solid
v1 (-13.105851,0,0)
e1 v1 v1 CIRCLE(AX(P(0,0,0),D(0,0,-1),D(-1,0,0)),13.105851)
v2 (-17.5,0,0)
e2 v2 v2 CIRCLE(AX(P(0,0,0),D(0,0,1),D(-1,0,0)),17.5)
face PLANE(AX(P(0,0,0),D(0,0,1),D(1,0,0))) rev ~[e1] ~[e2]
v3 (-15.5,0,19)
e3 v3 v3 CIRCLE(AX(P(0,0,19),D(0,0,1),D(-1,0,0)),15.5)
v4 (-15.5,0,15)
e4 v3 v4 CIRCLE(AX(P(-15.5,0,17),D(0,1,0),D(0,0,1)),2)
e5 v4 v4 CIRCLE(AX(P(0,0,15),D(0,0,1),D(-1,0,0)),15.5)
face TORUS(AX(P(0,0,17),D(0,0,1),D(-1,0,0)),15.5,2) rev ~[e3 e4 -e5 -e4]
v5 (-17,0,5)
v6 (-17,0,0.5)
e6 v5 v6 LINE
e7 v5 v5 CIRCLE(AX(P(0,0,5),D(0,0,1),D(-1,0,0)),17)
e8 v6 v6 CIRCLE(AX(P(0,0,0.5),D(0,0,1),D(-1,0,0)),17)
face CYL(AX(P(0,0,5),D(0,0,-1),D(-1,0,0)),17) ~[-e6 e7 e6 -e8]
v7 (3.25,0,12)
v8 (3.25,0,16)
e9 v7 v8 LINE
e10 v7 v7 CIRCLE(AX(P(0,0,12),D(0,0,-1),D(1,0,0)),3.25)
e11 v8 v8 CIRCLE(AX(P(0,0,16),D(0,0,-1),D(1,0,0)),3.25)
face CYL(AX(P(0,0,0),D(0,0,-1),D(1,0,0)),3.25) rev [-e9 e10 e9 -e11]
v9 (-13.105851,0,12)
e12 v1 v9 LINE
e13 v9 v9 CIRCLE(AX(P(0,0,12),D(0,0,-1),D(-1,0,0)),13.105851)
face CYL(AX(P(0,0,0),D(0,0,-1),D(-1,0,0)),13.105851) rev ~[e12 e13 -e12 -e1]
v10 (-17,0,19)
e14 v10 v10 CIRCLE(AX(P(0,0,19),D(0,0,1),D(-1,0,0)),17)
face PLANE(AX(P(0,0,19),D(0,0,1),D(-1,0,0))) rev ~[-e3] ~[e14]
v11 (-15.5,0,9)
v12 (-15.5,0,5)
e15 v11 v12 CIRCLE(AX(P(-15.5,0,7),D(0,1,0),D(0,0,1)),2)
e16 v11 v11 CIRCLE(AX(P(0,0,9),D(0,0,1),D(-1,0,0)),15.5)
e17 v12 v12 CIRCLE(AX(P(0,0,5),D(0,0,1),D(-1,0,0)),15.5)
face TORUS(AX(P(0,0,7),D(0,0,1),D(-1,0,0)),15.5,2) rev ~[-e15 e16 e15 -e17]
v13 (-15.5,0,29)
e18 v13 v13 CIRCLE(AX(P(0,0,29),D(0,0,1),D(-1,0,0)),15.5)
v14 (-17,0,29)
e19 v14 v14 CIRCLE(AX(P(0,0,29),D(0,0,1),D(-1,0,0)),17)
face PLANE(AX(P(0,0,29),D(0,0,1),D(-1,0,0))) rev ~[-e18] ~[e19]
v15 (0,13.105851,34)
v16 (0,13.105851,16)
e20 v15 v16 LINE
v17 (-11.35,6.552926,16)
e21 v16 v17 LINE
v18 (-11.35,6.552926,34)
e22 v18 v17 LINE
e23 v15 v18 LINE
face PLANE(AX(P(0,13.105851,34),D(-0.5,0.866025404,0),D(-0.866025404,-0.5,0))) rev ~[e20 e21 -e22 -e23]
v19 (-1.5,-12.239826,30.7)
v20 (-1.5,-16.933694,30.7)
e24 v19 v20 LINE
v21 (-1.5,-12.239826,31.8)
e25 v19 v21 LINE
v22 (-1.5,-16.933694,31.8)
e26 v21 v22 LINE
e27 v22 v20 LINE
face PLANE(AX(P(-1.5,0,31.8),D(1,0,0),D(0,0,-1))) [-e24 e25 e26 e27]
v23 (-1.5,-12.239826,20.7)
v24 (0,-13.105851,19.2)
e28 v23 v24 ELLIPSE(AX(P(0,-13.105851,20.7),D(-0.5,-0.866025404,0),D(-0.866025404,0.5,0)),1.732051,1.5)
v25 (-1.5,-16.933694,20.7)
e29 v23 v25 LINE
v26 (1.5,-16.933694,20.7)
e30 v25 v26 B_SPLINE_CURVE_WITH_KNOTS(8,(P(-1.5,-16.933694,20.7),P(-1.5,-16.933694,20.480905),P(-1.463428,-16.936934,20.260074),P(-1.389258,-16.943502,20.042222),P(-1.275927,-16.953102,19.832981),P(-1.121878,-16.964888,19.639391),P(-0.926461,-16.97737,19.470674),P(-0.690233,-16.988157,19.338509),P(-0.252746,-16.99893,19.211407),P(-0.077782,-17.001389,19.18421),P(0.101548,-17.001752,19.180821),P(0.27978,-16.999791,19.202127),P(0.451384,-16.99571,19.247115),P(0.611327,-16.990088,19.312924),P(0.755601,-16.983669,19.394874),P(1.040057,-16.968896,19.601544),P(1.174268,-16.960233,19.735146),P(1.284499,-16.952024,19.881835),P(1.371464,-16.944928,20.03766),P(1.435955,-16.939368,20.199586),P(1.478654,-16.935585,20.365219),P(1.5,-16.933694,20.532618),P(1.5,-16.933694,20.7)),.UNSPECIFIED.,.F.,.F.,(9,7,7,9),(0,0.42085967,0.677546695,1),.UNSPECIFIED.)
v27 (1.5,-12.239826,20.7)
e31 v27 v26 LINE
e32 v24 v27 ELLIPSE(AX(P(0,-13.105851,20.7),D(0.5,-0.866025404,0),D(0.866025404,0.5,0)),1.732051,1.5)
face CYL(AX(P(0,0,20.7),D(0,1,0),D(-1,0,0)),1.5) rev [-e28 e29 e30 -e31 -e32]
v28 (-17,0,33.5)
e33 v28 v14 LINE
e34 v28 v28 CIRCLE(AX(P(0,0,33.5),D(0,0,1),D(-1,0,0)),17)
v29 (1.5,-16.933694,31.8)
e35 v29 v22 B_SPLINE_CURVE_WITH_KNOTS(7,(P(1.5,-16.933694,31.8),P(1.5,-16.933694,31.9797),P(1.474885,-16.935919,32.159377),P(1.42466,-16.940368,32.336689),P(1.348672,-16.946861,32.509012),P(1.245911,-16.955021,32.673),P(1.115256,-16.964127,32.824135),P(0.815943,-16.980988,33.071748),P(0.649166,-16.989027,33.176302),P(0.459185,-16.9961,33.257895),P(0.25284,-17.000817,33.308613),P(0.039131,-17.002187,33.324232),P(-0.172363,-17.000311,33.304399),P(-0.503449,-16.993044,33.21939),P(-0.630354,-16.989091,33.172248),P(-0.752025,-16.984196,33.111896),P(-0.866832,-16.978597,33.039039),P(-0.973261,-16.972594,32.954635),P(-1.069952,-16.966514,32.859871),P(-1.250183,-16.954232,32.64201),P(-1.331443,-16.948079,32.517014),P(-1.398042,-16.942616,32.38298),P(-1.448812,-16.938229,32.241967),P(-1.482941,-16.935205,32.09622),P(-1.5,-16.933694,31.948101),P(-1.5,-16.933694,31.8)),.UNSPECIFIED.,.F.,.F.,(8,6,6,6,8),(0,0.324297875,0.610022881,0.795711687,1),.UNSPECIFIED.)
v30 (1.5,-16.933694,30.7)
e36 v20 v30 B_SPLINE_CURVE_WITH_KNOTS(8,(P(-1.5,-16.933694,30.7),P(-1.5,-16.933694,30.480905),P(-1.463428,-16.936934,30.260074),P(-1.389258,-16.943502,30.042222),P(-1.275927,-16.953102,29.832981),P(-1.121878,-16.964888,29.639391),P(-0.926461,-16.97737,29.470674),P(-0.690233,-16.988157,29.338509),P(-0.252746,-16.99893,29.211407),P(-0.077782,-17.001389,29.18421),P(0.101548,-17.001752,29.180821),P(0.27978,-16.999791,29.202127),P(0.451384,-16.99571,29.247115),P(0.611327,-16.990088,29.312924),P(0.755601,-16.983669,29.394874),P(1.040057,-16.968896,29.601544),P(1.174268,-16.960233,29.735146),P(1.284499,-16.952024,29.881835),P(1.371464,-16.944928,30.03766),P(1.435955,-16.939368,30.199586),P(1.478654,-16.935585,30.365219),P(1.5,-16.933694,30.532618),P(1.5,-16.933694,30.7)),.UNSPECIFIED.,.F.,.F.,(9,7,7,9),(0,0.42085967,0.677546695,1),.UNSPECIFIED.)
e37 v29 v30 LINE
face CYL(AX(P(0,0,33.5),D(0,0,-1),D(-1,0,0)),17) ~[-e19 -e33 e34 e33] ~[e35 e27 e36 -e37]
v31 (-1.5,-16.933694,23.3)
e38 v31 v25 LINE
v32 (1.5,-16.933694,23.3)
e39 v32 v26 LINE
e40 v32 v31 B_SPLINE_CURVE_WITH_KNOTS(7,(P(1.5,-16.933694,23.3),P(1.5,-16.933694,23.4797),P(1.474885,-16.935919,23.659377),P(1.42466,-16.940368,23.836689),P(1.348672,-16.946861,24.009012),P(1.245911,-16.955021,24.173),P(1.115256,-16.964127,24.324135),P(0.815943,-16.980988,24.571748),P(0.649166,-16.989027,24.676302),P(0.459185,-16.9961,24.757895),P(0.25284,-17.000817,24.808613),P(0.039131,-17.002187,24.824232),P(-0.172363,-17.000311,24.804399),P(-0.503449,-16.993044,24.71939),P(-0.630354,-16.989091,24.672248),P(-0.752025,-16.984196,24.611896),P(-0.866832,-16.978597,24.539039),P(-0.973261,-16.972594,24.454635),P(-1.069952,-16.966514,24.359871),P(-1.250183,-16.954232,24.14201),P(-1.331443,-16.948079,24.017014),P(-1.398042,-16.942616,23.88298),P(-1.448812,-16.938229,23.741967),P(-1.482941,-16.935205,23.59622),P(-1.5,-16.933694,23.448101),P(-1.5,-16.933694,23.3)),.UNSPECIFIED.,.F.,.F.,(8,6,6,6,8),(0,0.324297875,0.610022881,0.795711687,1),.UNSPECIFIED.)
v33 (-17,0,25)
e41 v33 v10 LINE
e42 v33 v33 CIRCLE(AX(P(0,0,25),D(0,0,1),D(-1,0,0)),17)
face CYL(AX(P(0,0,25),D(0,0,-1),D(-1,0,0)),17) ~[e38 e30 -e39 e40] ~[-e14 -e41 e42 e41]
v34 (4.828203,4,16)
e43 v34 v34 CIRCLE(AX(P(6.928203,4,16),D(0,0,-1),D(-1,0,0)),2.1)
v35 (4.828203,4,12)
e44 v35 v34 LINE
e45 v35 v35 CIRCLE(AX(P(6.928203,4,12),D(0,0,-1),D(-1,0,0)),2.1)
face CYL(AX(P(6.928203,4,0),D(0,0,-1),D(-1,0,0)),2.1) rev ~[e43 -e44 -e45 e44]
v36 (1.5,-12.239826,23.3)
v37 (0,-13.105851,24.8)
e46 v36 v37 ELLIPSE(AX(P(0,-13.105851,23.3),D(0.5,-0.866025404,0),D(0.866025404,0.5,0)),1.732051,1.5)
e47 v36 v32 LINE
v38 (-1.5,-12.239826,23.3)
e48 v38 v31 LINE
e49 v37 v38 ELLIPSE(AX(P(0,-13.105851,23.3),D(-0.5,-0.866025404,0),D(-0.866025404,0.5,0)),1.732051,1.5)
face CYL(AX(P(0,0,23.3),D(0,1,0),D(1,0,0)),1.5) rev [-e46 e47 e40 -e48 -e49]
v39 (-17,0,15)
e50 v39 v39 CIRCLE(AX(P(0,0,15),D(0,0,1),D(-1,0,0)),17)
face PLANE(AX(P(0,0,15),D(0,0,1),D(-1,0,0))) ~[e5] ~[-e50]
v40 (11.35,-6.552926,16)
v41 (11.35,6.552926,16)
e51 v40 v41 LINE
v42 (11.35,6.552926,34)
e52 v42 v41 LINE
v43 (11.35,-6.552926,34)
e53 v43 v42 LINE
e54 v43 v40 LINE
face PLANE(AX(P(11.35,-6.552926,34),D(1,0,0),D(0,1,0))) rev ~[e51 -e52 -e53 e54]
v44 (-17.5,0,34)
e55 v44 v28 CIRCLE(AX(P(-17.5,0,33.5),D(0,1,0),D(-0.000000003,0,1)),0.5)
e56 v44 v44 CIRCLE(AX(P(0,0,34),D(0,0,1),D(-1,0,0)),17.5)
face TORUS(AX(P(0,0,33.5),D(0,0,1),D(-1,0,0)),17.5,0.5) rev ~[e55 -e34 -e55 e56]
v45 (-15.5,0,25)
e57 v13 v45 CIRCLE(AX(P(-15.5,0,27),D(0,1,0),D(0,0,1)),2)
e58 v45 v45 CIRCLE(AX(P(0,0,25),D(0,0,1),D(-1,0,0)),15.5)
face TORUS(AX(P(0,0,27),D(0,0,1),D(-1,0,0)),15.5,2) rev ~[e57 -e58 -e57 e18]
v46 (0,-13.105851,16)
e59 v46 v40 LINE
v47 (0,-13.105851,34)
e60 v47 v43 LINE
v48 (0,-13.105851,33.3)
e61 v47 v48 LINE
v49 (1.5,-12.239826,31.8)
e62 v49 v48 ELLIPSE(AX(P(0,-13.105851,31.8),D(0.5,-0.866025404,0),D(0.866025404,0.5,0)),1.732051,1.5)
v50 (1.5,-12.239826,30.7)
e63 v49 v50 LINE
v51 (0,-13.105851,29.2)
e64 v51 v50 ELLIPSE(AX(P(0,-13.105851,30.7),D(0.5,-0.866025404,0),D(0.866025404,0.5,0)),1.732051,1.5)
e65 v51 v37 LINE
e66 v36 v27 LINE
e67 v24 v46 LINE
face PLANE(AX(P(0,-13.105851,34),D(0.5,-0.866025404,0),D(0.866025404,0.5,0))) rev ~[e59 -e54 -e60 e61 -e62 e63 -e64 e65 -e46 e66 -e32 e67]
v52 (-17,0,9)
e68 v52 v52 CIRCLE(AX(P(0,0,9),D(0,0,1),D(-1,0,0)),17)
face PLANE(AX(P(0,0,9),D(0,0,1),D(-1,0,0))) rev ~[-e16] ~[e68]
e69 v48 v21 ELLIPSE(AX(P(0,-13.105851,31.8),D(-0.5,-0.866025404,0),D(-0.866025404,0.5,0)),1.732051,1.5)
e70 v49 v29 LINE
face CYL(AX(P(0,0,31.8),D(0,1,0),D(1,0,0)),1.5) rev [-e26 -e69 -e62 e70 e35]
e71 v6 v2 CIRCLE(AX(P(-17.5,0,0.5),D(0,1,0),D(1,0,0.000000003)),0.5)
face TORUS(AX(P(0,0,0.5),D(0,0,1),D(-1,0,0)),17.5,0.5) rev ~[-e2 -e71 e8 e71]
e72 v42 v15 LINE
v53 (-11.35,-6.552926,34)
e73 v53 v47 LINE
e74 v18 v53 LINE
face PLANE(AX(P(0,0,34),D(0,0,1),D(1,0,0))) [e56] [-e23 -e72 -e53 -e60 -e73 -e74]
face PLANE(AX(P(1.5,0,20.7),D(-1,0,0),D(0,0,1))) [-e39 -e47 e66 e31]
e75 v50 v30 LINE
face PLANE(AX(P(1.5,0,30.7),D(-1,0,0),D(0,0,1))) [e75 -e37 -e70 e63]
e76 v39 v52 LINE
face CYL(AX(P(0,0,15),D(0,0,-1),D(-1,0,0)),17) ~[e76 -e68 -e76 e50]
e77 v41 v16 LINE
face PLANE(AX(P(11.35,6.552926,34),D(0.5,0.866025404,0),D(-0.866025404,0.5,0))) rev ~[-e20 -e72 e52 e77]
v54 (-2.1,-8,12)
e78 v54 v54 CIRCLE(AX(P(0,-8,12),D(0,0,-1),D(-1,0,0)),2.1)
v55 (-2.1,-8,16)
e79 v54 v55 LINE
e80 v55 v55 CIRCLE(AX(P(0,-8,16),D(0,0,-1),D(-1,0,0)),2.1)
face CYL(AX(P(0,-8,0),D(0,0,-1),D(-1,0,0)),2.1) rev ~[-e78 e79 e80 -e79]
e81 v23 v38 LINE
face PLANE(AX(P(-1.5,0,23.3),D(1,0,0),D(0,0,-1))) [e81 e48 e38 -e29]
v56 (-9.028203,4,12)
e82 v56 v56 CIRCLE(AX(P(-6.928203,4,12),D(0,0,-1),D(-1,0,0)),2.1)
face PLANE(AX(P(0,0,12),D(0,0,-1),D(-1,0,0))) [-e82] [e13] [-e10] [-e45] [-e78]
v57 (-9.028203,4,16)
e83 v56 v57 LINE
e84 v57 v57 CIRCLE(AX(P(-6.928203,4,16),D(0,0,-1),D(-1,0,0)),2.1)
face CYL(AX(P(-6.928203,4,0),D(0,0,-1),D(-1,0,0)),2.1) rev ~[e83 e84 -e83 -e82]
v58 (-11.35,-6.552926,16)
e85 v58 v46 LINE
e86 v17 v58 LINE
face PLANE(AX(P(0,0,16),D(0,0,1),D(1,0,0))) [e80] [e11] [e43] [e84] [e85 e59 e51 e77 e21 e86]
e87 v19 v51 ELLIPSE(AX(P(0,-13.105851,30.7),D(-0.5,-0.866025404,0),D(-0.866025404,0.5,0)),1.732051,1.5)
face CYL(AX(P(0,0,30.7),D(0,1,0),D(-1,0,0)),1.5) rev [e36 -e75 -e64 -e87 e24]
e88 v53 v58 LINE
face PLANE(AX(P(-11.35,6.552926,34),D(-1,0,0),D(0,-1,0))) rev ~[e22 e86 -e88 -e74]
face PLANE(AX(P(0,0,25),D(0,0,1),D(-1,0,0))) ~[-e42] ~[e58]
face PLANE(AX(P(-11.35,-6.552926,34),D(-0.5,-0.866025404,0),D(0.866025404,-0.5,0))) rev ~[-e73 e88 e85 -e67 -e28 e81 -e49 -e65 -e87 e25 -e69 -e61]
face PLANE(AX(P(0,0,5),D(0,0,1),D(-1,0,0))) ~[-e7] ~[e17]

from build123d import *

# Parameters (mm, degrees)
ESQUISSE1_R              = 18
ESQUISSE1_R_2            = 3.25
BOSS_EXTRU_1_DEPTH       = 34
ENL_V_MAT_EXTRU_9_DEPTH  = 18
ESQUISSE11_R             = 2.1
ENL_V_MAT_EXTRU_10_DEPTH = 43.473521163
ESQUISSE12_R             = 4.25
ENL_V_MAT_EXTRU_11_DEPTH = 4
ESQUISSE14_R             = 13.105851111
ENL_V_MAT_EXTRU_12_DEPTH = 12
ENL_V_MAT_EXTRU_13_DEPTH = 43.053537307


with BuildPart() as part:
    # Esquisse1 → Boss.-Extru.1 (new body)
    with BuildSketch(Plane.XY):
        Circle(ESQUISSE1_R)
        Circle(ESQUISSE1_R_2, mode=Mode.SUBTRACT)
    extrude(amount=BOSS_EXTRU_1_DEPTH)

    # Esquisse9 → Enlèv. mat.-Extru.9 (cut)
    with BuildSketch(Plane.XY.offset(34)):
        Polygon((11.35, -6.552925555), (11.35, 6.552925555), (0, 13.105851111), (-11.35, 6.552925555), (-11.35, -6.552925555), (0, -13.105851111), align=None)
    extrude(amount=-ENL_V_MAT_EXTRU_9_DEPTH, mode=Mode.SUBTRACT)

    # Esquisse11 → Enlèv. mat.-Extru.10 (cut, through all)
    with BuildSketch(Plane(origin=(0, 0, 0), x_dir=(-1, 0, 0), z_dir=(0, 0, -1))):
        with Locations((-6.92820323, 4)):
            Circle(ESQUISSE11_R)
        with Locations((6.92820323, 4)):
            Circle(ESQUISSE11_R)
        with Locations((0, -8)):
            Circle(ESQUISSE11_R)
    extrude(amount=-ENL_V_MAT_EXTRU_10_DEPTH, mode=Mode.SUBTRACT)

    # Esquisse12 → Enlèv. mat.-Extru.11 (cut)
    with BuildSketch(Plane(origin=(0, 0, 0), x_dir=(-1, 0, 0), z_dir=(0, 0, -1))):
        with Locations((-6.92820323, 4)):
            Circle(ESQUISSE12_R)
        with Locations((6.92820323, 4)):
            Circle(ESQUISSE12_R)
        with Locations((0, -8)):
            Circle(ESQUISSE12_R)
    extrude(amount=-ENL_V_MAT_EXTRU_11_DEPTH, mode=Mode.SUBTRACT)

    # Esquisse13 → Enlèvement de matière-Révolution1 (revolve, cut)
    with BuildSketch(Plane(origin=(0, 0, 0), x_dir=(1, 0, 0), z_dir=(0, 1, 0))):
        with BuildLine():
            Line((-18, -34), (-17.5, -34))
            ThreePointArc((-17.5, -34), (-17.146446609, -33.853553391), (-17, -33.5))
            Line((-17, -33.5), (-17, -29))
            Line((-17, -29), (-15.5, -29))
            ThreePointArc((-15.5, -29), (-13.5, -27), (-15.5, -25))
            Line((-15.5, -25), (-17, -25))
            Line((-17, -25), (-17, -19))
            Line((-17, -19), (-15.5, -19))
            ThreePointArc((-15.5, -19), (-13.5, -17), (-15.5, -15))
            Line((-15.5, -15), (-17, -15))
            Line((-17, -15), (-17, -9))
            Line((-17, -9), (-15.5, -9))
            ThreePointArc((-15.5, -9), (-13.5, -7), (-15.5, -5))
            Line((-15.5, -5), (-17, -5))
            Line((-17, -5), (-17, -0.5))
            ThreePointArc((-17, -0.5), (-17.146446609, -0.146446609), (-17.5, 0))
            Line((-17.5, 0), (-18, 0))
            Line((-18, 0), (-18, -34))
        make_face()
    revolve(axis=Axis((0, 0, 0), (0, 0, 1)), mode=Mode.SUBTRACT)

    # Esquisse14 → Enlèv. mat.-Extru.12 (cut)
    with BuildSketch(Plane(origin=(0, 0, 0), x_dir=(-1, 0, 0), z_dir=(0, 0, -1))):
        Circle(ESQUISSE14_R)
    extrude(amount=-ENL_V_MAT_EXTRU_12_DEPTH, mode=Mode.SUBTRACT)

    # Esquisse15 → Enlèv. mat.-Extru.13 (cut, through all)
    with BuildSketch(Plane(origin=(0, 0, 0), x_dir=(1, 0, 0), z_dir=(0, 1, 0))):
        with BuildLine():
            Line((1.5, -20.7), (1.5, -23.3))
            ThreePointArc((1.5, -23.3), (0, -24.8), (-1.5, -23.3))
            Line((-1.5, -23.3), (-1.5, -20.7))
            ThreePointArc((-1.5, -20.7), (0, -19.2), (1.5, -20.7))
        make_face()
        with BuildLine():
            Line((1.5, -30.7), (1.5, -31.8))
            ThreePointArc((1.5, -31.8), (0, -33.3), (-1.5, -31.8))
            Line((-1.5, -31.8), (-1.5, -30.7))
            ThreePointArc((-1.5, -30.7), (0, -29.2), (1.5, -30.7))
        make_face()
    extrude(amount=-ENL_V_MAT_EXTRU_13_DEPTH, mode=Mode.SUBTRACT)


solid = part.part
